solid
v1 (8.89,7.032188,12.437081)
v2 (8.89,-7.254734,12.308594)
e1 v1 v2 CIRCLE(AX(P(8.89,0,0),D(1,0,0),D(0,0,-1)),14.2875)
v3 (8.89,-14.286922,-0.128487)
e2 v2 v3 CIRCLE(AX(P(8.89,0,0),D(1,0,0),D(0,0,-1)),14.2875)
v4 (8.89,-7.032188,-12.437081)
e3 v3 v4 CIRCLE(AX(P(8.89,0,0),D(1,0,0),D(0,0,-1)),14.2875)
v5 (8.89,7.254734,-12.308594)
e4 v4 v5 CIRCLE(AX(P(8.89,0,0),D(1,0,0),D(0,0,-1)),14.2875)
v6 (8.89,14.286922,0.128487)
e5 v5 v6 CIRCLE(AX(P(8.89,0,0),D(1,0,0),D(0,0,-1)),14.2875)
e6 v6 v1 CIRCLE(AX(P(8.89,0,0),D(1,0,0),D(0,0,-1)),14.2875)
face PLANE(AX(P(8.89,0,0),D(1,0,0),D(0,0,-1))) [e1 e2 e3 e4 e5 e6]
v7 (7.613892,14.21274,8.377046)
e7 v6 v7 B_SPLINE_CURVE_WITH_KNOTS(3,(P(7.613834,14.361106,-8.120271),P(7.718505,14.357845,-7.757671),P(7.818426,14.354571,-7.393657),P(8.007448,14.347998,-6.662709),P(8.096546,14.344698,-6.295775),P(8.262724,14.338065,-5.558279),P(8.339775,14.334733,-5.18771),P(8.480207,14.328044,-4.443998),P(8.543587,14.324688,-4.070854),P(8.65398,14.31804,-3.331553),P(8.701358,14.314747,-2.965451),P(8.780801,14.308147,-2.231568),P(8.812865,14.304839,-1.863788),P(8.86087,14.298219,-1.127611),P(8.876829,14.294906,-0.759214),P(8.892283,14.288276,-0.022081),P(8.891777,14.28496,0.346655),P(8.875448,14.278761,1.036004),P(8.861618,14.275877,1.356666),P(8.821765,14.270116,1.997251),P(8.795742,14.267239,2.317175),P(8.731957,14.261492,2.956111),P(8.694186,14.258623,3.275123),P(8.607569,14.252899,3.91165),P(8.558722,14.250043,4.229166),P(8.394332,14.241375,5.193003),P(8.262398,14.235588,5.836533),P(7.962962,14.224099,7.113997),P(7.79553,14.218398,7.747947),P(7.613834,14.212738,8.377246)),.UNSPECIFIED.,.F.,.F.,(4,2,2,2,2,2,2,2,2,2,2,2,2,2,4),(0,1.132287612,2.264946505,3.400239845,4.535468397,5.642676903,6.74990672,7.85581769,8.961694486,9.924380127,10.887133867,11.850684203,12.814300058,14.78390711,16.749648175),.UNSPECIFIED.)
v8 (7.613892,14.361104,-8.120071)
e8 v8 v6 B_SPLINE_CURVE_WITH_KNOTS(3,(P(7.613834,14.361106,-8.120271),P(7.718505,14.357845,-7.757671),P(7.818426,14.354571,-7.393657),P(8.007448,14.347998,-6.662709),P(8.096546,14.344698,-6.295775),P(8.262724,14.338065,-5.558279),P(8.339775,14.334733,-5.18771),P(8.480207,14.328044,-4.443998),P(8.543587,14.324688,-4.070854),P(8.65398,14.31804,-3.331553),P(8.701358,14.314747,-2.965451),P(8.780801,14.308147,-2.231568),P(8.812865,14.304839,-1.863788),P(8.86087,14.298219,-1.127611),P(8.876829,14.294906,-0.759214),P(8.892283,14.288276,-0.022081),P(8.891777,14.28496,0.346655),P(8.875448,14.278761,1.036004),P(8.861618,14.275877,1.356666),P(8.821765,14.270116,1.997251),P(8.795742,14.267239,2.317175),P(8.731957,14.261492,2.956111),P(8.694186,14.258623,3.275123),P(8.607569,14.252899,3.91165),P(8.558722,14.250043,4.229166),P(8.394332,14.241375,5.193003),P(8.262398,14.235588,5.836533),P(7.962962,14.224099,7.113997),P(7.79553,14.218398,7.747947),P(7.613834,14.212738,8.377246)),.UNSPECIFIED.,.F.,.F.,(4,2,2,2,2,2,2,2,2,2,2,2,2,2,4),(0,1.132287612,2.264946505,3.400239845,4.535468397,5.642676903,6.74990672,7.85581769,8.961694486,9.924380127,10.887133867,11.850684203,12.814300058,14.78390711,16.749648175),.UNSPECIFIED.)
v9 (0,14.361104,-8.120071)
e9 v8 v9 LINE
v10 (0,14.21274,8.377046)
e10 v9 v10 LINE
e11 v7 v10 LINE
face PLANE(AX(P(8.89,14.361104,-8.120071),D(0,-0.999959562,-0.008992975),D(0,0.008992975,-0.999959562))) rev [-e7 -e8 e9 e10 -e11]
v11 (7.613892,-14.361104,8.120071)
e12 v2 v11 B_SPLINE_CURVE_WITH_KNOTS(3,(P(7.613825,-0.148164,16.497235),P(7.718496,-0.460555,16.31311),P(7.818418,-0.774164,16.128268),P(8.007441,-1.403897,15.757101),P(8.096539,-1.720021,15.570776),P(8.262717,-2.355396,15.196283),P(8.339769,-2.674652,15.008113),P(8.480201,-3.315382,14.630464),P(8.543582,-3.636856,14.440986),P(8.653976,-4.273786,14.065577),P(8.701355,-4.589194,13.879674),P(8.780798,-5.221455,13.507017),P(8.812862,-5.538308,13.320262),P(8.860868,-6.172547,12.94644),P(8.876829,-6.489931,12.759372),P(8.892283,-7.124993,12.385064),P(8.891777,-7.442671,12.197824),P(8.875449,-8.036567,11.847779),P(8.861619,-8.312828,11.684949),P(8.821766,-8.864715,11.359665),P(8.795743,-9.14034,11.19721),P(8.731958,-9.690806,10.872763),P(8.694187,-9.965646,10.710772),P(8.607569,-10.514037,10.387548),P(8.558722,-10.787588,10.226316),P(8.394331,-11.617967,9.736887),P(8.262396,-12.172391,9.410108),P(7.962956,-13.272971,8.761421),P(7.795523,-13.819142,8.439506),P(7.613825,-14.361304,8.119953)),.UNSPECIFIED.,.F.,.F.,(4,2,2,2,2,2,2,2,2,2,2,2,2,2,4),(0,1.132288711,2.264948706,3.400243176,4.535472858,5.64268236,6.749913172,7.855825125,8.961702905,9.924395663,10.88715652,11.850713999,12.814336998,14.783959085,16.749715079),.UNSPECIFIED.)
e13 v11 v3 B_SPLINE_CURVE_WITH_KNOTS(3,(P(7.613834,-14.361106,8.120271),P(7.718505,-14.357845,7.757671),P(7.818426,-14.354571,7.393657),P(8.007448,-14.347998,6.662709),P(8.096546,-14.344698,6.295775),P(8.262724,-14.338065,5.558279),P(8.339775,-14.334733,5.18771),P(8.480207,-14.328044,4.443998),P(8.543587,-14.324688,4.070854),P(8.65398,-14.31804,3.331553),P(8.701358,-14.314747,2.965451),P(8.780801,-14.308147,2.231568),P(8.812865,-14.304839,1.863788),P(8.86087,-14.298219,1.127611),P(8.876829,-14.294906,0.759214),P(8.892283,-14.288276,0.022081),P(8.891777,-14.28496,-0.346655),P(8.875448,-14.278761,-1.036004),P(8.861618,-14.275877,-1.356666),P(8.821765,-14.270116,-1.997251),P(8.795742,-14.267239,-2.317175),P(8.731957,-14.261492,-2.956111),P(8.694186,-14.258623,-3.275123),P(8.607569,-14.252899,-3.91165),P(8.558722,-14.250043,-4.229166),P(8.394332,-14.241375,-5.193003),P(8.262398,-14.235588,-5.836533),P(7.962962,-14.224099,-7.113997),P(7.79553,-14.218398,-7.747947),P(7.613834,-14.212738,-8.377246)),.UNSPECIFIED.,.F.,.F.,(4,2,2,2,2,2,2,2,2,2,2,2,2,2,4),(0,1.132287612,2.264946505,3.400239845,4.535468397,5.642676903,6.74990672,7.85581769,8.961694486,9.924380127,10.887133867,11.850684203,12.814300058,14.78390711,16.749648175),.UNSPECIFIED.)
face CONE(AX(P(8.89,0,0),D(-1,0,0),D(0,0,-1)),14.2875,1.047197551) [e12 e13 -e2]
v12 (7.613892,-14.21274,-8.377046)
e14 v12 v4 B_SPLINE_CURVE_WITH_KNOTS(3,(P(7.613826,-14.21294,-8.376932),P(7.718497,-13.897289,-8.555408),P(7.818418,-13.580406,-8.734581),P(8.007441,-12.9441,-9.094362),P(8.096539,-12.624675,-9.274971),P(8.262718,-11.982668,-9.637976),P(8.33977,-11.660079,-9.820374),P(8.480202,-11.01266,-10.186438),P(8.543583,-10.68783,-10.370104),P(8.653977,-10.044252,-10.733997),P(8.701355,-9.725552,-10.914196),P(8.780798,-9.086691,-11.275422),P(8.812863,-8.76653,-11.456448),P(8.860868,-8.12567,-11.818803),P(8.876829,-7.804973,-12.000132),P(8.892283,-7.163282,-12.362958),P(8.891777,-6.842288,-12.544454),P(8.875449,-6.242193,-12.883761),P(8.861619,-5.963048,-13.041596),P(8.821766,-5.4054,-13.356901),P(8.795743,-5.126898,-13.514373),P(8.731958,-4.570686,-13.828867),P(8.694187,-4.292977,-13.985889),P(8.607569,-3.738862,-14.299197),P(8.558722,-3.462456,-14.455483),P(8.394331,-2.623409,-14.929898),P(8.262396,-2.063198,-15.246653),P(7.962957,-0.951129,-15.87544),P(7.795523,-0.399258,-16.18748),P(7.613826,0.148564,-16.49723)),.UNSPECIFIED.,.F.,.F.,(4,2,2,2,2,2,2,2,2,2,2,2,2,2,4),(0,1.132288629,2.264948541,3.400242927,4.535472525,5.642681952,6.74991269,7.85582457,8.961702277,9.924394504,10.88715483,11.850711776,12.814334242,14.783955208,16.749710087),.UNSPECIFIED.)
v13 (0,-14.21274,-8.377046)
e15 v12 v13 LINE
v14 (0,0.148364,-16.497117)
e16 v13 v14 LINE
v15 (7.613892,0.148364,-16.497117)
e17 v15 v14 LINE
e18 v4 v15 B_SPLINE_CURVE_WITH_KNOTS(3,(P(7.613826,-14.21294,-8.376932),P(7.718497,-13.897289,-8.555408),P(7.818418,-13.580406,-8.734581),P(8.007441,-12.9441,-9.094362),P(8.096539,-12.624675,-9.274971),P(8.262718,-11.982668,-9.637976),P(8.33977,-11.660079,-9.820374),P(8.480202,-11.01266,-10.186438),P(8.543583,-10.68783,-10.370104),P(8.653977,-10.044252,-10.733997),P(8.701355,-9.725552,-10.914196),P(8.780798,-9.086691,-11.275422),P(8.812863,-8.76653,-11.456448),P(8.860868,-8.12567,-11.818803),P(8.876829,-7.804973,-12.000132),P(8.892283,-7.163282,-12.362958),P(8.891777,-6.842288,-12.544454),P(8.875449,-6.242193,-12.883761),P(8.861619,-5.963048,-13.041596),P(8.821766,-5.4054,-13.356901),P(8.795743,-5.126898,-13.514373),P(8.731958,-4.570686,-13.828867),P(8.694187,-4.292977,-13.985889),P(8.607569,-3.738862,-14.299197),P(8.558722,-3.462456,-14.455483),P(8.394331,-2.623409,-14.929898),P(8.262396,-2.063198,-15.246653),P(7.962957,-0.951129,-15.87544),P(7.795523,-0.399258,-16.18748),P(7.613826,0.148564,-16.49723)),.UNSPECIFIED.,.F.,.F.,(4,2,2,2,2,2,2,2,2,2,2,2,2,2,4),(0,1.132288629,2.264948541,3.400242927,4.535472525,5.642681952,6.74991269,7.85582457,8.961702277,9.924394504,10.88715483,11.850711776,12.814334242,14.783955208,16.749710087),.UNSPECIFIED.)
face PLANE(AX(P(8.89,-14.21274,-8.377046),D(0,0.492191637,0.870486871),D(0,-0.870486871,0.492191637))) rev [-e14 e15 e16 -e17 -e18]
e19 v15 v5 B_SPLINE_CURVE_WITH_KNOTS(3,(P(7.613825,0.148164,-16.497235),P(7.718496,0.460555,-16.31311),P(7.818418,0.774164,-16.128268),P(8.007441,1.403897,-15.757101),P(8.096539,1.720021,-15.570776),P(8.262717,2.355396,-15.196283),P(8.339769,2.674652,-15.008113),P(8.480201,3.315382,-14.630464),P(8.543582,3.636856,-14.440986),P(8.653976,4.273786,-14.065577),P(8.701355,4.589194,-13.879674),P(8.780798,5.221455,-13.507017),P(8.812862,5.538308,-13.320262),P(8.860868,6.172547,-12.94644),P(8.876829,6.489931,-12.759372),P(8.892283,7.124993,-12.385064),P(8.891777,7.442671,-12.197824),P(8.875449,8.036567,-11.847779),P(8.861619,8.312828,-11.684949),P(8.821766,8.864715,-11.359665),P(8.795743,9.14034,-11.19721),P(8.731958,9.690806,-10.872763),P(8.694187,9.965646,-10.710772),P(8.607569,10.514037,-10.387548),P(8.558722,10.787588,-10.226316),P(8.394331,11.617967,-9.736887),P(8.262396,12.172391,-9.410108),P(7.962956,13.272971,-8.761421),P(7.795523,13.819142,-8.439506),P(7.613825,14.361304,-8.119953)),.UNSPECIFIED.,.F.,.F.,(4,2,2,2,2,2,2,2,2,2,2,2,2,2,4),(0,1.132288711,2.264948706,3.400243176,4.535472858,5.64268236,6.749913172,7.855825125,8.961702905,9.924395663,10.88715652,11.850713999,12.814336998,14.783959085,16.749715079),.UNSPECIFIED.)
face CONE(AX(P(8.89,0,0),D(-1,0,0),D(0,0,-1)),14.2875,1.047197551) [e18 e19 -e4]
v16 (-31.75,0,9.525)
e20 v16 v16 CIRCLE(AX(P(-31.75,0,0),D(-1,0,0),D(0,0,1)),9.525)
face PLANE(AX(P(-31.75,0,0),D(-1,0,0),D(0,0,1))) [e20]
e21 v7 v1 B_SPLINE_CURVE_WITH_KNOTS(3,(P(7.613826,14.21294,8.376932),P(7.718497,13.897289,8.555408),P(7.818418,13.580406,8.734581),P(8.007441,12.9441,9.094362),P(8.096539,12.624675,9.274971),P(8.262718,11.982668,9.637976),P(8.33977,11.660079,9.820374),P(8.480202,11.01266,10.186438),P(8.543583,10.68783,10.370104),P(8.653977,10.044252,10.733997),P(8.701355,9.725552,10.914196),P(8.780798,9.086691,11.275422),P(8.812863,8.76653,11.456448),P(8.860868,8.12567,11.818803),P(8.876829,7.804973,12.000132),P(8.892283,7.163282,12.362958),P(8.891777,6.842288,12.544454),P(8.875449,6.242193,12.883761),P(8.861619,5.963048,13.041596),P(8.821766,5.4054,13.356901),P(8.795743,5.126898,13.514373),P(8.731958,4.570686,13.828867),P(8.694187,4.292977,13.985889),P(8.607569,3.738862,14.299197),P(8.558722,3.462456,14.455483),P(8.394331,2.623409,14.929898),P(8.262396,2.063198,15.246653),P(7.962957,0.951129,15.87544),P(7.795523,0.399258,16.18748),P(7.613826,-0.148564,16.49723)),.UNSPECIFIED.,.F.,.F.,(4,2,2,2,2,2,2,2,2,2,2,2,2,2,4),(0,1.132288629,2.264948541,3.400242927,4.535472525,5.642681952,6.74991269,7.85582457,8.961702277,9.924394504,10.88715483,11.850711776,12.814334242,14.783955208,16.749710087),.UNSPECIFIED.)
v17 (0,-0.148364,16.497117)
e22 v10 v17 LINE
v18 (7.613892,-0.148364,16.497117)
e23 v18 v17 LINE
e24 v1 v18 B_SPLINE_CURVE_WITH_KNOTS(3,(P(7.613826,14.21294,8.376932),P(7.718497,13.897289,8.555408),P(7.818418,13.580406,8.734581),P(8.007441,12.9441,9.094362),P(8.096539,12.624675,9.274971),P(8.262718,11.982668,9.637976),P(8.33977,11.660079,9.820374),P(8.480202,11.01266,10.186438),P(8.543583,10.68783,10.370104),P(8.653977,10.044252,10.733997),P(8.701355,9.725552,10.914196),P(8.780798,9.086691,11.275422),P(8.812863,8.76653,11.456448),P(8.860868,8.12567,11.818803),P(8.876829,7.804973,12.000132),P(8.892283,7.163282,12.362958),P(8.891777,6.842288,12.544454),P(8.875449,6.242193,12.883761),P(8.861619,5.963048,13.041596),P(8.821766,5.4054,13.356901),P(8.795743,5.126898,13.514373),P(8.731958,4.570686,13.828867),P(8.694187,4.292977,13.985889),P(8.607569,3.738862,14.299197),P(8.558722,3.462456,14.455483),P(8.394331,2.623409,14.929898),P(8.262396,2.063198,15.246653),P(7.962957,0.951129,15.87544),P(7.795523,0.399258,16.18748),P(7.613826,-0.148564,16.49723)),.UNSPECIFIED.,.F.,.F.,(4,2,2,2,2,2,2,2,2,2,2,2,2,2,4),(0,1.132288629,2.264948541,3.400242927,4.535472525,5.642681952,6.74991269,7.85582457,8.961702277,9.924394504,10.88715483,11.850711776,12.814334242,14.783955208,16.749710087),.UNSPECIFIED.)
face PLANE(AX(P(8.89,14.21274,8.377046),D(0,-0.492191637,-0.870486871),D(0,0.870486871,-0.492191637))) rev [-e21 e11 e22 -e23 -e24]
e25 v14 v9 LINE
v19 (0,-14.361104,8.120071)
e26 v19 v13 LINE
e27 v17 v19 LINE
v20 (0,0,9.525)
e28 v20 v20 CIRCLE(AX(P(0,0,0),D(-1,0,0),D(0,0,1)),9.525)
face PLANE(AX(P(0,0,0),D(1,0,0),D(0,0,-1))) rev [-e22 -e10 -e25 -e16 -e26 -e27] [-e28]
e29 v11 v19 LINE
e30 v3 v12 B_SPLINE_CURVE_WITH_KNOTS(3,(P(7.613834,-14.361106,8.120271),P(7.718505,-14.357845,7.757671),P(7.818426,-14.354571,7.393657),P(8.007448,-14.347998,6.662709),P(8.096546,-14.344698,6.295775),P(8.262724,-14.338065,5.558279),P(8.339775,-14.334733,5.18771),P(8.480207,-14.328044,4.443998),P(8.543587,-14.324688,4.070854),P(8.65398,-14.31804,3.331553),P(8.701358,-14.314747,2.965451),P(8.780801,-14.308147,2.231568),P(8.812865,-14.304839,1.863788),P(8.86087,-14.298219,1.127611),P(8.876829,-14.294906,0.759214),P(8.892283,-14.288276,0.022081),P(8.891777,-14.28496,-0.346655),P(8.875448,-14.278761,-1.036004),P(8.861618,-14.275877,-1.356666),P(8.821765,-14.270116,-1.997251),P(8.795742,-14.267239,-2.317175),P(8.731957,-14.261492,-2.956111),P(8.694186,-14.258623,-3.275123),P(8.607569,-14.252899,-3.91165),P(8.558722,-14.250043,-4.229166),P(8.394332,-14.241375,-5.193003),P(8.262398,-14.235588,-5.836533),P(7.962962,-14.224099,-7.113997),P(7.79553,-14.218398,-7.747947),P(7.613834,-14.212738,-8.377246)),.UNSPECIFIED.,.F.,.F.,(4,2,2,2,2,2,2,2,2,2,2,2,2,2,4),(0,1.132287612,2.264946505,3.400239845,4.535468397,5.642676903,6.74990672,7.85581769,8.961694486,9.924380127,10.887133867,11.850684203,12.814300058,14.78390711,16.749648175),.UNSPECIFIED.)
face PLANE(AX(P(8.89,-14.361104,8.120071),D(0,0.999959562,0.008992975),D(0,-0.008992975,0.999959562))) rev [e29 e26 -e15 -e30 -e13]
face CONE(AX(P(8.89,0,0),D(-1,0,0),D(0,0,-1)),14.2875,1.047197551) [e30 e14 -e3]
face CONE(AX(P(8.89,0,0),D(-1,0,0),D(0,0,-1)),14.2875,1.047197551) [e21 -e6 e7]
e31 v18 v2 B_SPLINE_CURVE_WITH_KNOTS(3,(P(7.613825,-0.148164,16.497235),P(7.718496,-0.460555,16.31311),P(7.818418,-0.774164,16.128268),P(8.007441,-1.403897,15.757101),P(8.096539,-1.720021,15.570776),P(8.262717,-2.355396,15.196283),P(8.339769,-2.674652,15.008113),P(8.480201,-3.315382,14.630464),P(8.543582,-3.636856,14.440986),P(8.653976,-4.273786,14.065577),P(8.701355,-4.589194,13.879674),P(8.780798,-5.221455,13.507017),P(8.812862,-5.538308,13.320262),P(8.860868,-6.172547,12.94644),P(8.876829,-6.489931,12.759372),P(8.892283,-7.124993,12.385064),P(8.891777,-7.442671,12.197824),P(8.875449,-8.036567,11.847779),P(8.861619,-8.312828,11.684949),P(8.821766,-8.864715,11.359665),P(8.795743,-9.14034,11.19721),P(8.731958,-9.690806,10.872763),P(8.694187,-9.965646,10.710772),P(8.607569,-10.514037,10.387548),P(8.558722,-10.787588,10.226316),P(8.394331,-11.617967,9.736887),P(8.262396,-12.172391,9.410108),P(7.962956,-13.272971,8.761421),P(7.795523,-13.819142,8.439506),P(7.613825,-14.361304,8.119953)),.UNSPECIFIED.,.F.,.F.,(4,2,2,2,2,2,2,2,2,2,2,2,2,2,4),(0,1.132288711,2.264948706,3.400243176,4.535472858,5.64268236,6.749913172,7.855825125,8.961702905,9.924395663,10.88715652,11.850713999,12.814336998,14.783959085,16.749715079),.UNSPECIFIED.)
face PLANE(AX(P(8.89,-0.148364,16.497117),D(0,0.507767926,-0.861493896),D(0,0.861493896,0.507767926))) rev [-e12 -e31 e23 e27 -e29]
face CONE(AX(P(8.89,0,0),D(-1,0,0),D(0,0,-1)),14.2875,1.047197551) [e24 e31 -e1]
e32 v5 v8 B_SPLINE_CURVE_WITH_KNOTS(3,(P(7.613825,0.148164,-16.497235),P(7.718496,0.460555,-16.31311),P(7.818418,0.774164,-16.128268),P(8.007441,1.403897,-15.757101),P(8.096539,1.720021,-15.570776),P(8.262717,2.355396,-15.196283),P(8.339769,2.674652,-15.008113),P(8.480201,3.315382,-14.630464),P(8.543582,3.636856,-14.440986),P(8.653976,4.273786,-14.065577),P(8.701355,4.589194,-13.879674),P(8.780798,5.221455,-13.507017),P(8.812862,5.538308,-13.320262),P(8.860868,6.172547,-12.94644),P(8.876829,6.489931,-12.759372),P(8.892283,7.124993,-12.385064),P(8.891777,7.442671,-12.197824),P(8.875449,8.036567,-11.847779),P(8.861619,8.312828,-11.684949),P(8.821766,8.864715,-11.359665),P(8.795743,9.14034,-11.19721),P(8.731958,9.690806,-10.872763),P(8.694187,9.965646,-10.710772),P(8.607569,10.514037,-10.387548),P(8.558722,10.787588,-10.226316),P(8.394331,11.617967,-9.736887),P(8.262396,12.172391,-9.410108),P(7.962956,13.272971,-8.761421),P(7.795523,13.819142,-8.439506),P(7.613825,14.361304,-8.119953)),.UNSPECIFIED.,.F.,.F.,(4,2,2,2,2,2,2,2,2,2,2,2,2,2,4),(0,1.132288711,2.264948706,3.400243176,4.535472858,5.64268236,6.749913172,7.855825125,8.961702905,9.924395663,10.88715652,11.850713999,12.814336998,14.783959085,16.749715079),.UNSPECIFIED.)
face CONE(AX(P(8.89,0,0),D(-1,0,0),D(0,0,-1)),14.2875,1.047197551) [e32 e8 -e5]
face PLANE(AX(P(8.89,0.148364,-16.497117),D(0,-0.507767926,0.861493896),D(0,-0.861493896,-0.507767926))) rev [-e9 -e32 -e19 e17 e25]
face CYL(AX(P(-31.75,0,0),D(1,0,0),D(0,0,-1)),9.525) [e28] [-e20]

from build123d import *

# Parameters (mm, degrees)
BOSS_EXTRUDE1_DEPTH = 8.89
SKETCH2_OUTSIDE_W   = 61.52
SKETCH2_OUTSIDE_H   = 57.248
SKETCH2_OUTSIDE_R   = 14.2875
CUT_EXTRUDE1_DEPTH  = 5.08
CUT_EXTRUDE1_TAPER  = 60
SKETCH3_R           = 9.525
BOSS_EXTRUDE2_DEPTH = 31.75


with BuildPart() as part:
    # Sketch1 → Boss-Extrude1 (new body)
    with BuildSketch(Plane(origin=(0, 0, 0), x_dir=(0, 0, -1), z_dir=(1, 0, 0))):
        Polygon((8.377045531, -14.212740171), (16.497116811, 0.148364153), (8.12007128, 14.361104324), (-8.377045531, 14.212740171), (-16.497116811, -0.148364153), (-8.12007128, -14.361104324), align=None)
    extrude(amount=BOSS_EXTRUDE1_DEPTH)

    # Sketch2 outside → Cut-Extrude1 (cut)
    with BuildSketch(Plane(origin=(8.89, 0, 0), x_dir=(0, 0, -1), z_dir=(1, 0, 0))):
        Rectangle(SKETCH2_OUTSIDE_W, SKETCH2_OUTSIDE_H)
        Circle(SKETCH2_OUTSIDE_R, mode=Mode.SUBTRACT)
    extrude(amount=-CUT_EXTRUDE1_DEPTH, taper=CUT_EXTRUDE1_TAPER, mode=Mode.SUBTRACT)

    # Sketch3 → Boss-Extrude2 (add)
    with BuildSketch(Plane.ZY):
        Circle(SKETCH3_R)
    extrude(amount=BOSS_EXTRUDE2_DEPTH)


solid = part.part
